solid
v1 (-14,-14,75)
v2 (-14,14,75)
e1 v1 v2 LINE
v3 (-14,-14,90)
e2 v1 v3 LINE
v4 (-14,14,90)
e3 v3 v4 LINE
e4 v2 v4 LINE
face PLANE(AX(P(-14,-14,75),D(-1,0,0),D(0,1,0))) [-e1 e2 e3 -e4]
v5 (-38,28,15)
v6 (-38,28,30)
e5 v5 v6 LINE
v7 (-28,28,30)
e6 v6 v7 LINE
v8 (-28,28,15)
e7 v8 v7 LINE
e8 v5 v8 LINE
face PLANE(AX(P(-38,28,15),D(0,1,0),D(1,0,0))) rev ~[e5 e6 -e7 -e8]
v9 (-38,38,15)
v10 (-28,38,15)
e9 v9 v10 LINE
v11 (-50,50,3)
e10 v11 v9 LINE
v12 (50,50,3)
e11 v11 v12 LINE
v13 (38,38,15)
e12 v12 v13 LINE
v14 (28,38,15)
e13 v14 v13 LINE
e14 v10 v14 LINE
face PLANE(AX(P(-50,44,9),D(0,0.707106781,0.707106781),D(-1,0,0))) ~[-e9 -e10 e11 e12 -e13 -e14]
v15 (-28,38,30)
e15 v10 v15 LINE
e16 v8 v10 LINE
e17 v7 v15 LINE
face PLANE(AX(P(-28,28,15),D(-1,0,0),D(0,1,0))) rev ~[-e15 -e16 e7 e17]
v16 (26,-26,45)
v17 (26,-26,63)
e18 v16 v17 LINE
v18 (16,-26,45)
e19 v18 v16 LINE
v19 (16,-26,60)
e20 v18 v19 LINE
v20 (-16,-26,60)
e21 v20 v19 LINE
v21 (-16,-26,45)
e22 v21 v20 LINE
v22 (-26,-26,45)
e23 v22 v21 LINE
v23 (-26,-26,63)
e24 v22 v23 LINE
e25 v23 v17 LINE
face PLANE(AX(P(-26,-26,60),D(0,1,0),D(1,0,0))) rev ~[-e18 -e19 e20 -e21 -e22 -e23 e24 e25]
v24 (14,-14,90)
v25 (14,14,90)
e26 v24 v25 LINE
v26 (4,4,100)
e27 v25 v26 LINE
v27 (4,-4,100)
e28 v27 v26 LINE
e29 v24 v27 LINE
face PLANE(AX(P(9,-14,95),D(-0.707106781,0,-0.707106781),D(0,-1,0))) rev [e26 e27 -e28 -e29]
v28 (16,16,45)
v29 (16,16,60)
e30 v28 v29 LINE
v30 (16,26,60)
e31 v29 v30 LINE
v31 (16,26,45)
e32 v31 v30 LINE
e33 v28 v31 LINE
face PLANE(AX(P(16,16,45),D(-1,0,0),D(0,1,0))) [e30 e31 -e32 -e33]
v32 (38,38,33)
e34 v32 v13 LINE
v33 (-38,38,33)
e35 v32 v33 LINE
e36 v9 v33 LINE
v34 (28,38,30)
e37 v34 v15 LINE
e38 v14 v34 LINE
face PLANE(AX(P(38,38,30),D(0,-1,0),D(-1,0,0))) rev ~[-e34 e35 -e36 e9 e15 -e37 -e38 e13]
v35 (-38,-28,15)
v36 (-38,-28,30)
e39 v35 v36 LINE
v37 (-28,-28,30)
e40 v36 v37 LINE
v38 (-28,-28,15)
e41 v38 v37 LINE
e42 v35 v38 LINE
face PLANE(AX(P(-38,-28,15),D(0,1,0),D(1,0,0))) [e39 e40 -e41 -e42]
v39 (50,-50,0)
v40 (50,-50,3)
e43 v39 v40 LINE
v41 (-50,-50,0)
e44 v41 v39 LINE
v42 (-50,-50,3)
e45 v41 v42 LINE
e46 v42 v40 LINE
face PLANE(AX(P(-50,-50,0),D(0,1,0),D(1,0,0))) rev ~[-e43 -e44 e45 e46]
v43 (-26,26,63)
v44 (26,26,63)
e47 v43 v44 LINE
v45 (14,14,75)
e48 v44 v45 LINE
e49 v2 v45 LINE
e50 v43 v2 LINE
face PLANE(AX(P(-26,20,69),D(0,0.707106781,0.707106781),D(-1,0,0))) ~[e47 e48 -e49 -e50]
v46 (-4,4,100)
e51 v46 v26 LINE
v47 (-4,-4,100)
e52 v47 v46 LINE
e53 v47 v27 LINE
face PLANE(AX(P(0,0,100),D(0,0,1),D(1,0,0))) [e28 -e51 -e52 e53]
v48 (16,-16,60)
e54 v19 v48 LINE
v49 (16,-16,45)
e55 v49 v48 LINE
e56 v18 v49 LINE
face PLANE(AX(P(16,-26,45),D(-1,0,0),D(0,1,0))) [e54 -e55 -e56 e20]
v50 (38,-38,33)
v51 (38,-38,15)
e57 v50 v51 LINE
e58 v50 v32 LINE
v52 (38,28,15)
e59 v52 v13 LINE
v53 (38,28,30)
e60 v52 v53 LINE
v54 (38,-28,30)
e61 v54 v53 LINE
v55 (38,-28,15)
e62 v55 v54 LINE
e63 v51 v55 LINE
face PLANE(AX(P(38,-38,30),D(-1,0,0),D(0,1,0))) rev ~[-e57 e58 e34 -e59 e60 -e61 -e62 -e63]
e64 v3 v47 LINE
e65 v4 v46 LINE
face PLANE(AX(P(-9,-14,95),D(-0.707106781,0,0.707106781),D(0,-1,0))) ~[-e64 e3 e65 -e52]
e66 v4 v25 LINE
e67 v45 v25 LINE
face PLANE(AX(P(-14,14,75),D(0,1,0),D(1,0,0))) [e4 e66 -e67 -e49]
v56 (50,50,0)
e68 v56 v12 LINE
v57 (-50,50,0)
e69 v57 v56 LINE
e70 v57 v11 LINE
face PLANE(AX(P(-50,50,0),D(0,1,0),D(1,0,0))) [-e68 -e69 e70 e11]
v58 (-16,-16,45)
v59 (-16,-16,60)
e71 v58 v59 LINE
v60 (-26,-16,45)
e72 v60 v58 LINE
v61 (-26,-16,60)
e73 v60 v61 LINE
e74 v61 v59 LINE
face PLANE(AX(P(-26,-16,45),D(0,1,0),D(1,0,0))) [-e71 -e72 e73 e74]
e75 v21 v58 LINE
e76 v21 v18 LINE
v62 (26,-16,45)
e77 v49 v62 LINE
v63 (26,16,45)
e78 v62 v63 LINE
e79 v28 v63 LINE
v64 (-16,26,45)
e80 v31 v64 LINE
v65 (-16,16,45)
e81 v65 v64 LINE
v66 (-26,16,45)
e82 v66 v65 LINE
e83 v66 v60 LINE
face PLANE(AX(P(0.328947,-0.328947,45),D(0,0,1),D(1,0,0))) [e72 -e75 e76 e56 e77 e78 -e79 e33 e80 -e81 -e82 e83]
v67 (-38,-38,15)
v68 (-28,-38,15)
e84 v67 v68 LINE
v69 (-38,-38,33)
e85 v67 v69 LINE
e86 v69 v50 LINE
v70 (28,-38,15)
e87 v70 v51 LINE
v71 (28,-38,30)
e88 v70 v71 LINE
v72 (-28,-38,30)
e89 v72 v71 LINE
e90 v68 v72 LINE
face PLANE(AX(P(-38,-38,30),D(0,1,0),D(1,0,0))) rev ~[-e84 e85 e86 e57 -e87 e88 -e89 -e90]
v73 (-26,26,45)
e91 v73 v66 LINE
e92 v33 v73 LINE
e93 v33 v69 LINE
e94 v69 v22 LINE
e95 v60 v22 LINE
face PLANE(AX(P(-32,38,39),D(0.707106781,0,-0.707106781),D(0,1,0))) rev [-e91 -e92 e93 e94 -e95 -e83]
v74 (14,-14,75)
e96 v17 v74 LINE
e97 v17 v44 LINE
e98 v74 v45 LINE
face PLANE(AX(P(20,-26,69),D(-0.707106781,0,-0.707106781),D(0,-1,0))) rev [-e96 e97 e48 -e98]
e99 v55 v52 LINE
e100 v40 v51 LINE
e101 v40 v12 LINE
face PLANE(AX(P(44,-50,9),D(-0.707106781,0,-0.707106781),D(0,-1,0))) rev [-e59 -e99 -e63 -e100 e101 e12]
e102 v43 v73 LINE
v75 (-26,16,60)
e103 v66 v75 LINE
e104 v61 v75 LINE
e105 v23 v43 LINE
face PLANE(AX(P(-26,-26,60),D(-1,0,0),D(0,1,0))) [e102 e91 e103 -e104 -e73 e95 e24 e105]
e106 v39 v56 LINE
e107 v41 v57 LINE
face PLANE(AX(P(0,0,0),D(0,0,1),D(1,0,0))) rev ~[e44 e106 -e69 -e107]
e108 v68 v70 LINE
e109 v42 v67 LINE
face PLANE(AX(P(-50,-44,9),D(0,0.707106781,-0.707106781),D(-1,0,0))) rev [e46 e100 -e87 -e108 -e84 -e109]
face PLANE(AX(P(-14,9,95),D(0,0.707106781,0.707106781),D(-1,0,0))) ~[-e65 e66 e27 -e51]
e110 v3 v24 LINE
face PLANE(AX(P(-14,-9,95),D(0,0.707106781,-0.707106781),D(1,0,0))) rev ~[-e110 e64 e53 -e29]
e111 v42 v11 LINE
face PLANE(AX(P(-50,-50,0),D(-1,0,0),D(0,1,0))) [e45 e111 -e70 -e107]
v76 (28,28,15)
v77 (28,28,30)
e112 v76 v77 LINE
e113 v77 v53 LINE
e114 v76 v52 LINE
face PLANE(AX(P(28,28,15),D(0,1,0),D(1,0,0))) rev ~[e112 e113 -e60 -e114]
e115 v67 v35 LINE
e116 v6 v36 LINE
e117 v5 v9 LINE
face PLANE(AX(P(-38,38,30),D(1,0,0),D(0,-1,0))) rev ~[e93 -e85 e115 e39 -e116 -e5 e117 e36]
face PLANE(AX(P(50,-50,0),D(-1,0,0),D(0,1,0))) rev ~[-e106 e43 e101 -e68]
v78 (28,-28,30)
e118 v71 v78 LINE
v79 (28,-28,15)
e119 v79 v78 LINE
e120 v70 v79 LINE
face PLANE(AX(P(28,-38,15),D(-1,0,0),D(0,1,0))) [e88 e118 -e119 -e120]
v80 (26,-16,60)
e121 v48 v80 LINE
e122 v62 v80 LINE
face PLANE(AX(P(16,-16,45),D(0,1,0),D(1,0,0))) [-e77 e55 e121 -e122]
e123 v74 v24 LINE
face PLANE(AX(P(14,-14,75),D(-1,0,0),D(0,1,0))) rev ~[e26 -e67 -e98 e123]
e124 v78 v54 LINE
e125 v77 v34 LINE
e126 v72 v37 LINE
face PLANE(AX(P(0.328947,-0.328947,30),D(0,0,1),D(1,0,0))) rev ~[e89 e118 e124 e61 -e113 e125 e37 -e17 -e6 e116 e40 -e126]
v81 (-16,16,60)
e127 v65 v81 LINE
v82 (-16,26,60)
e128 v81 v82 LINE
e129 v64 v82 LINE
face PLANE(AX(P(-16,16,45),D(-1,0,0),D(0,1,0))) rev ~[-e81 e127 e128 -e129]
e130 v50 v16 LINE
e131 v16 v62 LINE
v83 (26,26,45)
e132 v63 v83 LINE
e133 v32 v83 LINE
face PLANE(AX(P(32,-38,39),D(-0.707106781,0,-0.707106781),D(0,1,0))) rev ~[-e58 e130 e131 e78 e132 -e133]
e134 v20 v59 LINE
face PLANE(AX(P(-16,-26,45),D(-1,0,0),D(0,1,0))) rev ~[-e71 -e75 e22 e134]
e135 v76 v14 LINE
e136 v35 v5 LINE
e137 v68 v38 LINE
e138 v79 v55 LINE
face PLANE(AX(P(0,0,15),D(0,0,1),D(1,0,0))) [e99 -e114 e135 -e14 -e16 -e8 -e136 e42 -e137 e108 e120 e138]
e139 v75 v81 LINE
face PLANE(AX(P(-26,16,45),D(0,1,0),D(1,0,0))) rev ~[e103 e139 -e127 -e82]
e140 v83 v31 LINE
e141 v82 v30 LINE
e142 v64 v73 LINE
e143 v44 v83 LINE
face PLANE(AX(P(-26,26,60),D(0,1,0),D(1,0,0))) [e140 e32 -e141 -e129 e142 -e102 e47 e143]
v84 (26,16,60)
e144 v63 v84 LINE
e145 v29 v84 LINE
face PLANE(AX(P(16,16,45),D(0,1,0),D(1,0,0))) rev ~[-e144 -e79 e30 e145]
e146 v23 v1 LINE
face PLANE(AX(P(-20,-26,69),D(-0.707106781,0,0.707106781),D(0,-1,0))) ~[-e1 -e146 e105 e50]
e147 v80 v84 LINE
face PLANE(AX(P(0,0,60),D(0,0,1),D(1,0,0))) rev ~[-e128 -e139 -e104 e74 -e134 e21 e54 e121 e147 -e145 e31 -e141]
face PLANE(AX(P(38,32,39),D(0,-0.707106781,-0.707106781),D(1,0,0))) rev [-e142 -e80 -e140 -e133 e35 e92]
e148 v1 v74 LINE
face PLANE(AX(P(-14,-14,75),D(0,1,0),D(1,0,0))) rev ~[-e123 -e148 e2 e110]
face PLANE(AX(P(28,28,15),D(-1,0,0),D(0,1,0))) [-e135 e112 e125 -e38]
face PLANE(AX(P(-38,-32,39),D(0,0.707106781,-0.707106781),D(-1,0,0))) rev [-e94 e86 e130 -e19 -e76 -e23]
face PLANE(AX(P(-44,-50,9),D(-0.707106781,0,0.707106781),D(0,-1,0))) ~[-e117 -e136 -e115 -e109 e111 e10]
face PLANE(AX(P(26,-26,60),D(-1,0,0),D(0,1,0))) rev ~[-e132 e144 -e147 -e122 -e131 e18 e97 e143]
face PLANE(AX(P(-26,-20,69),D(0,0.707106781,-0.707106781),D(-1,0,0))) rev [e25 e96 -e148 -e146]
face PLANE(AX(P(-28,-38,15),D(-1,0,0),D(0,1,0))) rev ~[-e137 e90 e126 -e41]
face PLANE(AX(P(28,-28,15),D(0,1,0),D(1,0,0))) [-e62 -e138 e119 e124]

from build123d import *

# Parameters (mm, degrees)
F0_W      = 100
F0_H      = 100
F1_DEPTH  = 15
F2_SIZE   = 12
F3_W      = 10
F3_H      = 10
F4_DEPTH  = 15
F5_W      = 10
F5_H      = 10
F6_DEPTH  = 15
F7_SIZE   = 12
F8_W      = 10
F8_H      = 10
F9_DEPTH  = 15
F10_W     = 52
F10_H     = 52
F11_DEPTH = 15
F12_SIZE  = 12
F13_DEPTH = 25
F14_SIZE  = 10


with BuildPart() as f1:
    # F0 (on Top) → F1 (new body)
    with BuildSketch(Plane.XY):
        Rectangle(F0_W, F0_H)
    extrude(amount=F1_DEPTH)

    # F2
    f2_edges = [f1.edges().sort_by_distance(p)[0] for p in [
        (0, 50, 15),
        (-50, 0, 15),
        (0, -50, 15),
        (50, 0, 15),
    ]]
    chamfer(f2_edges, length=F2_SIZE)

    # F3 (on face) → F4 (join)
    with BuildSketch(Plane.XY.offset(15)):
        with Locations((-33, 33)):
            Rectangle(F3_W, F3_H)
        with Locations((33, 33)):
            Rectangle(F3_W, F3_H)
        with Locations((33, -33)):
            Rectangle(F3_W, F3_H)
        with Locations((-33, -33)):
            Rectangle(F3_W, F3_H)
    extrude(amount=F4_DEPTH)

    # F5 (on face) → F6 (join)
    with BuildSketch(Plane.XY.offset(30)):
        Polygon((38, 38), (-28, 38), (-28, 28), (-38, 28), (-38, -38), (38, -38), align=None)
        with Locations((-33, 33)):
            Rectangle(F5_W, F5_H)
    extrude(amount=F6_DEPTH)

    # F7
    f7_edges = [f1.edges().sort_by_distance(p)[0] for p in [
        (0, 38, 45),
        (-38, 0, 45),
        (0, -38, 45),
        (38, 0, 45),
    ]]
    chamfer(f7_edges, length=F7_SIZE)

    # F8 (on face) → F9 (join)
    with BuildSketch(Plane.XY.offset(45)):
        with Locations((-21, 21)):
            Rectangle(F8_W, F8_H)
        with Locations((21, 21)):
            Rectangle(F8_W, F8_H)
        with Locations((21, -21)):
            Rectangle(F8_W, F8_H)
        with Locations((-21, -21)):
            Rectangle(F8_W, F8_H)
    extrude(amount=F9_DEPTH)

    # F10 (on face) → F11 (join)
    with BuildSketch(Plane.XY.offset(60)):
        Rectangle(F10_W, F10_H)
    extrude(amount=F11_DEPTH)

    # F12
    f12_edges = [f1.edges().sort_by_distance(p)[0] for p in [
        (0, 26, 75),
        (-26, 0, 75),
        (0, -26, 75),
        (26, 0, 75),
    ]]
    chamfer(f12_edges, length=F12_SIZE)

    # F13 (add): a face of the model
    f13_faces = [f1.faces().sort_by_distance(p)[0] for p in [
        (0, 0, 75),
    ]]
    extrude(f13_faces, amount=F13_DEPTH)

    # F14
    f14_edges = [f1.edges().sort_by_distance(p)[0] for p in [
        (0, 14, 100),
        (14, 0, 100),
        (-14, 0, 100),
        (0, -14, 100),
    ]]
    chamfer(f14_edges, length=F14_SIZE)


solid = f1.part
